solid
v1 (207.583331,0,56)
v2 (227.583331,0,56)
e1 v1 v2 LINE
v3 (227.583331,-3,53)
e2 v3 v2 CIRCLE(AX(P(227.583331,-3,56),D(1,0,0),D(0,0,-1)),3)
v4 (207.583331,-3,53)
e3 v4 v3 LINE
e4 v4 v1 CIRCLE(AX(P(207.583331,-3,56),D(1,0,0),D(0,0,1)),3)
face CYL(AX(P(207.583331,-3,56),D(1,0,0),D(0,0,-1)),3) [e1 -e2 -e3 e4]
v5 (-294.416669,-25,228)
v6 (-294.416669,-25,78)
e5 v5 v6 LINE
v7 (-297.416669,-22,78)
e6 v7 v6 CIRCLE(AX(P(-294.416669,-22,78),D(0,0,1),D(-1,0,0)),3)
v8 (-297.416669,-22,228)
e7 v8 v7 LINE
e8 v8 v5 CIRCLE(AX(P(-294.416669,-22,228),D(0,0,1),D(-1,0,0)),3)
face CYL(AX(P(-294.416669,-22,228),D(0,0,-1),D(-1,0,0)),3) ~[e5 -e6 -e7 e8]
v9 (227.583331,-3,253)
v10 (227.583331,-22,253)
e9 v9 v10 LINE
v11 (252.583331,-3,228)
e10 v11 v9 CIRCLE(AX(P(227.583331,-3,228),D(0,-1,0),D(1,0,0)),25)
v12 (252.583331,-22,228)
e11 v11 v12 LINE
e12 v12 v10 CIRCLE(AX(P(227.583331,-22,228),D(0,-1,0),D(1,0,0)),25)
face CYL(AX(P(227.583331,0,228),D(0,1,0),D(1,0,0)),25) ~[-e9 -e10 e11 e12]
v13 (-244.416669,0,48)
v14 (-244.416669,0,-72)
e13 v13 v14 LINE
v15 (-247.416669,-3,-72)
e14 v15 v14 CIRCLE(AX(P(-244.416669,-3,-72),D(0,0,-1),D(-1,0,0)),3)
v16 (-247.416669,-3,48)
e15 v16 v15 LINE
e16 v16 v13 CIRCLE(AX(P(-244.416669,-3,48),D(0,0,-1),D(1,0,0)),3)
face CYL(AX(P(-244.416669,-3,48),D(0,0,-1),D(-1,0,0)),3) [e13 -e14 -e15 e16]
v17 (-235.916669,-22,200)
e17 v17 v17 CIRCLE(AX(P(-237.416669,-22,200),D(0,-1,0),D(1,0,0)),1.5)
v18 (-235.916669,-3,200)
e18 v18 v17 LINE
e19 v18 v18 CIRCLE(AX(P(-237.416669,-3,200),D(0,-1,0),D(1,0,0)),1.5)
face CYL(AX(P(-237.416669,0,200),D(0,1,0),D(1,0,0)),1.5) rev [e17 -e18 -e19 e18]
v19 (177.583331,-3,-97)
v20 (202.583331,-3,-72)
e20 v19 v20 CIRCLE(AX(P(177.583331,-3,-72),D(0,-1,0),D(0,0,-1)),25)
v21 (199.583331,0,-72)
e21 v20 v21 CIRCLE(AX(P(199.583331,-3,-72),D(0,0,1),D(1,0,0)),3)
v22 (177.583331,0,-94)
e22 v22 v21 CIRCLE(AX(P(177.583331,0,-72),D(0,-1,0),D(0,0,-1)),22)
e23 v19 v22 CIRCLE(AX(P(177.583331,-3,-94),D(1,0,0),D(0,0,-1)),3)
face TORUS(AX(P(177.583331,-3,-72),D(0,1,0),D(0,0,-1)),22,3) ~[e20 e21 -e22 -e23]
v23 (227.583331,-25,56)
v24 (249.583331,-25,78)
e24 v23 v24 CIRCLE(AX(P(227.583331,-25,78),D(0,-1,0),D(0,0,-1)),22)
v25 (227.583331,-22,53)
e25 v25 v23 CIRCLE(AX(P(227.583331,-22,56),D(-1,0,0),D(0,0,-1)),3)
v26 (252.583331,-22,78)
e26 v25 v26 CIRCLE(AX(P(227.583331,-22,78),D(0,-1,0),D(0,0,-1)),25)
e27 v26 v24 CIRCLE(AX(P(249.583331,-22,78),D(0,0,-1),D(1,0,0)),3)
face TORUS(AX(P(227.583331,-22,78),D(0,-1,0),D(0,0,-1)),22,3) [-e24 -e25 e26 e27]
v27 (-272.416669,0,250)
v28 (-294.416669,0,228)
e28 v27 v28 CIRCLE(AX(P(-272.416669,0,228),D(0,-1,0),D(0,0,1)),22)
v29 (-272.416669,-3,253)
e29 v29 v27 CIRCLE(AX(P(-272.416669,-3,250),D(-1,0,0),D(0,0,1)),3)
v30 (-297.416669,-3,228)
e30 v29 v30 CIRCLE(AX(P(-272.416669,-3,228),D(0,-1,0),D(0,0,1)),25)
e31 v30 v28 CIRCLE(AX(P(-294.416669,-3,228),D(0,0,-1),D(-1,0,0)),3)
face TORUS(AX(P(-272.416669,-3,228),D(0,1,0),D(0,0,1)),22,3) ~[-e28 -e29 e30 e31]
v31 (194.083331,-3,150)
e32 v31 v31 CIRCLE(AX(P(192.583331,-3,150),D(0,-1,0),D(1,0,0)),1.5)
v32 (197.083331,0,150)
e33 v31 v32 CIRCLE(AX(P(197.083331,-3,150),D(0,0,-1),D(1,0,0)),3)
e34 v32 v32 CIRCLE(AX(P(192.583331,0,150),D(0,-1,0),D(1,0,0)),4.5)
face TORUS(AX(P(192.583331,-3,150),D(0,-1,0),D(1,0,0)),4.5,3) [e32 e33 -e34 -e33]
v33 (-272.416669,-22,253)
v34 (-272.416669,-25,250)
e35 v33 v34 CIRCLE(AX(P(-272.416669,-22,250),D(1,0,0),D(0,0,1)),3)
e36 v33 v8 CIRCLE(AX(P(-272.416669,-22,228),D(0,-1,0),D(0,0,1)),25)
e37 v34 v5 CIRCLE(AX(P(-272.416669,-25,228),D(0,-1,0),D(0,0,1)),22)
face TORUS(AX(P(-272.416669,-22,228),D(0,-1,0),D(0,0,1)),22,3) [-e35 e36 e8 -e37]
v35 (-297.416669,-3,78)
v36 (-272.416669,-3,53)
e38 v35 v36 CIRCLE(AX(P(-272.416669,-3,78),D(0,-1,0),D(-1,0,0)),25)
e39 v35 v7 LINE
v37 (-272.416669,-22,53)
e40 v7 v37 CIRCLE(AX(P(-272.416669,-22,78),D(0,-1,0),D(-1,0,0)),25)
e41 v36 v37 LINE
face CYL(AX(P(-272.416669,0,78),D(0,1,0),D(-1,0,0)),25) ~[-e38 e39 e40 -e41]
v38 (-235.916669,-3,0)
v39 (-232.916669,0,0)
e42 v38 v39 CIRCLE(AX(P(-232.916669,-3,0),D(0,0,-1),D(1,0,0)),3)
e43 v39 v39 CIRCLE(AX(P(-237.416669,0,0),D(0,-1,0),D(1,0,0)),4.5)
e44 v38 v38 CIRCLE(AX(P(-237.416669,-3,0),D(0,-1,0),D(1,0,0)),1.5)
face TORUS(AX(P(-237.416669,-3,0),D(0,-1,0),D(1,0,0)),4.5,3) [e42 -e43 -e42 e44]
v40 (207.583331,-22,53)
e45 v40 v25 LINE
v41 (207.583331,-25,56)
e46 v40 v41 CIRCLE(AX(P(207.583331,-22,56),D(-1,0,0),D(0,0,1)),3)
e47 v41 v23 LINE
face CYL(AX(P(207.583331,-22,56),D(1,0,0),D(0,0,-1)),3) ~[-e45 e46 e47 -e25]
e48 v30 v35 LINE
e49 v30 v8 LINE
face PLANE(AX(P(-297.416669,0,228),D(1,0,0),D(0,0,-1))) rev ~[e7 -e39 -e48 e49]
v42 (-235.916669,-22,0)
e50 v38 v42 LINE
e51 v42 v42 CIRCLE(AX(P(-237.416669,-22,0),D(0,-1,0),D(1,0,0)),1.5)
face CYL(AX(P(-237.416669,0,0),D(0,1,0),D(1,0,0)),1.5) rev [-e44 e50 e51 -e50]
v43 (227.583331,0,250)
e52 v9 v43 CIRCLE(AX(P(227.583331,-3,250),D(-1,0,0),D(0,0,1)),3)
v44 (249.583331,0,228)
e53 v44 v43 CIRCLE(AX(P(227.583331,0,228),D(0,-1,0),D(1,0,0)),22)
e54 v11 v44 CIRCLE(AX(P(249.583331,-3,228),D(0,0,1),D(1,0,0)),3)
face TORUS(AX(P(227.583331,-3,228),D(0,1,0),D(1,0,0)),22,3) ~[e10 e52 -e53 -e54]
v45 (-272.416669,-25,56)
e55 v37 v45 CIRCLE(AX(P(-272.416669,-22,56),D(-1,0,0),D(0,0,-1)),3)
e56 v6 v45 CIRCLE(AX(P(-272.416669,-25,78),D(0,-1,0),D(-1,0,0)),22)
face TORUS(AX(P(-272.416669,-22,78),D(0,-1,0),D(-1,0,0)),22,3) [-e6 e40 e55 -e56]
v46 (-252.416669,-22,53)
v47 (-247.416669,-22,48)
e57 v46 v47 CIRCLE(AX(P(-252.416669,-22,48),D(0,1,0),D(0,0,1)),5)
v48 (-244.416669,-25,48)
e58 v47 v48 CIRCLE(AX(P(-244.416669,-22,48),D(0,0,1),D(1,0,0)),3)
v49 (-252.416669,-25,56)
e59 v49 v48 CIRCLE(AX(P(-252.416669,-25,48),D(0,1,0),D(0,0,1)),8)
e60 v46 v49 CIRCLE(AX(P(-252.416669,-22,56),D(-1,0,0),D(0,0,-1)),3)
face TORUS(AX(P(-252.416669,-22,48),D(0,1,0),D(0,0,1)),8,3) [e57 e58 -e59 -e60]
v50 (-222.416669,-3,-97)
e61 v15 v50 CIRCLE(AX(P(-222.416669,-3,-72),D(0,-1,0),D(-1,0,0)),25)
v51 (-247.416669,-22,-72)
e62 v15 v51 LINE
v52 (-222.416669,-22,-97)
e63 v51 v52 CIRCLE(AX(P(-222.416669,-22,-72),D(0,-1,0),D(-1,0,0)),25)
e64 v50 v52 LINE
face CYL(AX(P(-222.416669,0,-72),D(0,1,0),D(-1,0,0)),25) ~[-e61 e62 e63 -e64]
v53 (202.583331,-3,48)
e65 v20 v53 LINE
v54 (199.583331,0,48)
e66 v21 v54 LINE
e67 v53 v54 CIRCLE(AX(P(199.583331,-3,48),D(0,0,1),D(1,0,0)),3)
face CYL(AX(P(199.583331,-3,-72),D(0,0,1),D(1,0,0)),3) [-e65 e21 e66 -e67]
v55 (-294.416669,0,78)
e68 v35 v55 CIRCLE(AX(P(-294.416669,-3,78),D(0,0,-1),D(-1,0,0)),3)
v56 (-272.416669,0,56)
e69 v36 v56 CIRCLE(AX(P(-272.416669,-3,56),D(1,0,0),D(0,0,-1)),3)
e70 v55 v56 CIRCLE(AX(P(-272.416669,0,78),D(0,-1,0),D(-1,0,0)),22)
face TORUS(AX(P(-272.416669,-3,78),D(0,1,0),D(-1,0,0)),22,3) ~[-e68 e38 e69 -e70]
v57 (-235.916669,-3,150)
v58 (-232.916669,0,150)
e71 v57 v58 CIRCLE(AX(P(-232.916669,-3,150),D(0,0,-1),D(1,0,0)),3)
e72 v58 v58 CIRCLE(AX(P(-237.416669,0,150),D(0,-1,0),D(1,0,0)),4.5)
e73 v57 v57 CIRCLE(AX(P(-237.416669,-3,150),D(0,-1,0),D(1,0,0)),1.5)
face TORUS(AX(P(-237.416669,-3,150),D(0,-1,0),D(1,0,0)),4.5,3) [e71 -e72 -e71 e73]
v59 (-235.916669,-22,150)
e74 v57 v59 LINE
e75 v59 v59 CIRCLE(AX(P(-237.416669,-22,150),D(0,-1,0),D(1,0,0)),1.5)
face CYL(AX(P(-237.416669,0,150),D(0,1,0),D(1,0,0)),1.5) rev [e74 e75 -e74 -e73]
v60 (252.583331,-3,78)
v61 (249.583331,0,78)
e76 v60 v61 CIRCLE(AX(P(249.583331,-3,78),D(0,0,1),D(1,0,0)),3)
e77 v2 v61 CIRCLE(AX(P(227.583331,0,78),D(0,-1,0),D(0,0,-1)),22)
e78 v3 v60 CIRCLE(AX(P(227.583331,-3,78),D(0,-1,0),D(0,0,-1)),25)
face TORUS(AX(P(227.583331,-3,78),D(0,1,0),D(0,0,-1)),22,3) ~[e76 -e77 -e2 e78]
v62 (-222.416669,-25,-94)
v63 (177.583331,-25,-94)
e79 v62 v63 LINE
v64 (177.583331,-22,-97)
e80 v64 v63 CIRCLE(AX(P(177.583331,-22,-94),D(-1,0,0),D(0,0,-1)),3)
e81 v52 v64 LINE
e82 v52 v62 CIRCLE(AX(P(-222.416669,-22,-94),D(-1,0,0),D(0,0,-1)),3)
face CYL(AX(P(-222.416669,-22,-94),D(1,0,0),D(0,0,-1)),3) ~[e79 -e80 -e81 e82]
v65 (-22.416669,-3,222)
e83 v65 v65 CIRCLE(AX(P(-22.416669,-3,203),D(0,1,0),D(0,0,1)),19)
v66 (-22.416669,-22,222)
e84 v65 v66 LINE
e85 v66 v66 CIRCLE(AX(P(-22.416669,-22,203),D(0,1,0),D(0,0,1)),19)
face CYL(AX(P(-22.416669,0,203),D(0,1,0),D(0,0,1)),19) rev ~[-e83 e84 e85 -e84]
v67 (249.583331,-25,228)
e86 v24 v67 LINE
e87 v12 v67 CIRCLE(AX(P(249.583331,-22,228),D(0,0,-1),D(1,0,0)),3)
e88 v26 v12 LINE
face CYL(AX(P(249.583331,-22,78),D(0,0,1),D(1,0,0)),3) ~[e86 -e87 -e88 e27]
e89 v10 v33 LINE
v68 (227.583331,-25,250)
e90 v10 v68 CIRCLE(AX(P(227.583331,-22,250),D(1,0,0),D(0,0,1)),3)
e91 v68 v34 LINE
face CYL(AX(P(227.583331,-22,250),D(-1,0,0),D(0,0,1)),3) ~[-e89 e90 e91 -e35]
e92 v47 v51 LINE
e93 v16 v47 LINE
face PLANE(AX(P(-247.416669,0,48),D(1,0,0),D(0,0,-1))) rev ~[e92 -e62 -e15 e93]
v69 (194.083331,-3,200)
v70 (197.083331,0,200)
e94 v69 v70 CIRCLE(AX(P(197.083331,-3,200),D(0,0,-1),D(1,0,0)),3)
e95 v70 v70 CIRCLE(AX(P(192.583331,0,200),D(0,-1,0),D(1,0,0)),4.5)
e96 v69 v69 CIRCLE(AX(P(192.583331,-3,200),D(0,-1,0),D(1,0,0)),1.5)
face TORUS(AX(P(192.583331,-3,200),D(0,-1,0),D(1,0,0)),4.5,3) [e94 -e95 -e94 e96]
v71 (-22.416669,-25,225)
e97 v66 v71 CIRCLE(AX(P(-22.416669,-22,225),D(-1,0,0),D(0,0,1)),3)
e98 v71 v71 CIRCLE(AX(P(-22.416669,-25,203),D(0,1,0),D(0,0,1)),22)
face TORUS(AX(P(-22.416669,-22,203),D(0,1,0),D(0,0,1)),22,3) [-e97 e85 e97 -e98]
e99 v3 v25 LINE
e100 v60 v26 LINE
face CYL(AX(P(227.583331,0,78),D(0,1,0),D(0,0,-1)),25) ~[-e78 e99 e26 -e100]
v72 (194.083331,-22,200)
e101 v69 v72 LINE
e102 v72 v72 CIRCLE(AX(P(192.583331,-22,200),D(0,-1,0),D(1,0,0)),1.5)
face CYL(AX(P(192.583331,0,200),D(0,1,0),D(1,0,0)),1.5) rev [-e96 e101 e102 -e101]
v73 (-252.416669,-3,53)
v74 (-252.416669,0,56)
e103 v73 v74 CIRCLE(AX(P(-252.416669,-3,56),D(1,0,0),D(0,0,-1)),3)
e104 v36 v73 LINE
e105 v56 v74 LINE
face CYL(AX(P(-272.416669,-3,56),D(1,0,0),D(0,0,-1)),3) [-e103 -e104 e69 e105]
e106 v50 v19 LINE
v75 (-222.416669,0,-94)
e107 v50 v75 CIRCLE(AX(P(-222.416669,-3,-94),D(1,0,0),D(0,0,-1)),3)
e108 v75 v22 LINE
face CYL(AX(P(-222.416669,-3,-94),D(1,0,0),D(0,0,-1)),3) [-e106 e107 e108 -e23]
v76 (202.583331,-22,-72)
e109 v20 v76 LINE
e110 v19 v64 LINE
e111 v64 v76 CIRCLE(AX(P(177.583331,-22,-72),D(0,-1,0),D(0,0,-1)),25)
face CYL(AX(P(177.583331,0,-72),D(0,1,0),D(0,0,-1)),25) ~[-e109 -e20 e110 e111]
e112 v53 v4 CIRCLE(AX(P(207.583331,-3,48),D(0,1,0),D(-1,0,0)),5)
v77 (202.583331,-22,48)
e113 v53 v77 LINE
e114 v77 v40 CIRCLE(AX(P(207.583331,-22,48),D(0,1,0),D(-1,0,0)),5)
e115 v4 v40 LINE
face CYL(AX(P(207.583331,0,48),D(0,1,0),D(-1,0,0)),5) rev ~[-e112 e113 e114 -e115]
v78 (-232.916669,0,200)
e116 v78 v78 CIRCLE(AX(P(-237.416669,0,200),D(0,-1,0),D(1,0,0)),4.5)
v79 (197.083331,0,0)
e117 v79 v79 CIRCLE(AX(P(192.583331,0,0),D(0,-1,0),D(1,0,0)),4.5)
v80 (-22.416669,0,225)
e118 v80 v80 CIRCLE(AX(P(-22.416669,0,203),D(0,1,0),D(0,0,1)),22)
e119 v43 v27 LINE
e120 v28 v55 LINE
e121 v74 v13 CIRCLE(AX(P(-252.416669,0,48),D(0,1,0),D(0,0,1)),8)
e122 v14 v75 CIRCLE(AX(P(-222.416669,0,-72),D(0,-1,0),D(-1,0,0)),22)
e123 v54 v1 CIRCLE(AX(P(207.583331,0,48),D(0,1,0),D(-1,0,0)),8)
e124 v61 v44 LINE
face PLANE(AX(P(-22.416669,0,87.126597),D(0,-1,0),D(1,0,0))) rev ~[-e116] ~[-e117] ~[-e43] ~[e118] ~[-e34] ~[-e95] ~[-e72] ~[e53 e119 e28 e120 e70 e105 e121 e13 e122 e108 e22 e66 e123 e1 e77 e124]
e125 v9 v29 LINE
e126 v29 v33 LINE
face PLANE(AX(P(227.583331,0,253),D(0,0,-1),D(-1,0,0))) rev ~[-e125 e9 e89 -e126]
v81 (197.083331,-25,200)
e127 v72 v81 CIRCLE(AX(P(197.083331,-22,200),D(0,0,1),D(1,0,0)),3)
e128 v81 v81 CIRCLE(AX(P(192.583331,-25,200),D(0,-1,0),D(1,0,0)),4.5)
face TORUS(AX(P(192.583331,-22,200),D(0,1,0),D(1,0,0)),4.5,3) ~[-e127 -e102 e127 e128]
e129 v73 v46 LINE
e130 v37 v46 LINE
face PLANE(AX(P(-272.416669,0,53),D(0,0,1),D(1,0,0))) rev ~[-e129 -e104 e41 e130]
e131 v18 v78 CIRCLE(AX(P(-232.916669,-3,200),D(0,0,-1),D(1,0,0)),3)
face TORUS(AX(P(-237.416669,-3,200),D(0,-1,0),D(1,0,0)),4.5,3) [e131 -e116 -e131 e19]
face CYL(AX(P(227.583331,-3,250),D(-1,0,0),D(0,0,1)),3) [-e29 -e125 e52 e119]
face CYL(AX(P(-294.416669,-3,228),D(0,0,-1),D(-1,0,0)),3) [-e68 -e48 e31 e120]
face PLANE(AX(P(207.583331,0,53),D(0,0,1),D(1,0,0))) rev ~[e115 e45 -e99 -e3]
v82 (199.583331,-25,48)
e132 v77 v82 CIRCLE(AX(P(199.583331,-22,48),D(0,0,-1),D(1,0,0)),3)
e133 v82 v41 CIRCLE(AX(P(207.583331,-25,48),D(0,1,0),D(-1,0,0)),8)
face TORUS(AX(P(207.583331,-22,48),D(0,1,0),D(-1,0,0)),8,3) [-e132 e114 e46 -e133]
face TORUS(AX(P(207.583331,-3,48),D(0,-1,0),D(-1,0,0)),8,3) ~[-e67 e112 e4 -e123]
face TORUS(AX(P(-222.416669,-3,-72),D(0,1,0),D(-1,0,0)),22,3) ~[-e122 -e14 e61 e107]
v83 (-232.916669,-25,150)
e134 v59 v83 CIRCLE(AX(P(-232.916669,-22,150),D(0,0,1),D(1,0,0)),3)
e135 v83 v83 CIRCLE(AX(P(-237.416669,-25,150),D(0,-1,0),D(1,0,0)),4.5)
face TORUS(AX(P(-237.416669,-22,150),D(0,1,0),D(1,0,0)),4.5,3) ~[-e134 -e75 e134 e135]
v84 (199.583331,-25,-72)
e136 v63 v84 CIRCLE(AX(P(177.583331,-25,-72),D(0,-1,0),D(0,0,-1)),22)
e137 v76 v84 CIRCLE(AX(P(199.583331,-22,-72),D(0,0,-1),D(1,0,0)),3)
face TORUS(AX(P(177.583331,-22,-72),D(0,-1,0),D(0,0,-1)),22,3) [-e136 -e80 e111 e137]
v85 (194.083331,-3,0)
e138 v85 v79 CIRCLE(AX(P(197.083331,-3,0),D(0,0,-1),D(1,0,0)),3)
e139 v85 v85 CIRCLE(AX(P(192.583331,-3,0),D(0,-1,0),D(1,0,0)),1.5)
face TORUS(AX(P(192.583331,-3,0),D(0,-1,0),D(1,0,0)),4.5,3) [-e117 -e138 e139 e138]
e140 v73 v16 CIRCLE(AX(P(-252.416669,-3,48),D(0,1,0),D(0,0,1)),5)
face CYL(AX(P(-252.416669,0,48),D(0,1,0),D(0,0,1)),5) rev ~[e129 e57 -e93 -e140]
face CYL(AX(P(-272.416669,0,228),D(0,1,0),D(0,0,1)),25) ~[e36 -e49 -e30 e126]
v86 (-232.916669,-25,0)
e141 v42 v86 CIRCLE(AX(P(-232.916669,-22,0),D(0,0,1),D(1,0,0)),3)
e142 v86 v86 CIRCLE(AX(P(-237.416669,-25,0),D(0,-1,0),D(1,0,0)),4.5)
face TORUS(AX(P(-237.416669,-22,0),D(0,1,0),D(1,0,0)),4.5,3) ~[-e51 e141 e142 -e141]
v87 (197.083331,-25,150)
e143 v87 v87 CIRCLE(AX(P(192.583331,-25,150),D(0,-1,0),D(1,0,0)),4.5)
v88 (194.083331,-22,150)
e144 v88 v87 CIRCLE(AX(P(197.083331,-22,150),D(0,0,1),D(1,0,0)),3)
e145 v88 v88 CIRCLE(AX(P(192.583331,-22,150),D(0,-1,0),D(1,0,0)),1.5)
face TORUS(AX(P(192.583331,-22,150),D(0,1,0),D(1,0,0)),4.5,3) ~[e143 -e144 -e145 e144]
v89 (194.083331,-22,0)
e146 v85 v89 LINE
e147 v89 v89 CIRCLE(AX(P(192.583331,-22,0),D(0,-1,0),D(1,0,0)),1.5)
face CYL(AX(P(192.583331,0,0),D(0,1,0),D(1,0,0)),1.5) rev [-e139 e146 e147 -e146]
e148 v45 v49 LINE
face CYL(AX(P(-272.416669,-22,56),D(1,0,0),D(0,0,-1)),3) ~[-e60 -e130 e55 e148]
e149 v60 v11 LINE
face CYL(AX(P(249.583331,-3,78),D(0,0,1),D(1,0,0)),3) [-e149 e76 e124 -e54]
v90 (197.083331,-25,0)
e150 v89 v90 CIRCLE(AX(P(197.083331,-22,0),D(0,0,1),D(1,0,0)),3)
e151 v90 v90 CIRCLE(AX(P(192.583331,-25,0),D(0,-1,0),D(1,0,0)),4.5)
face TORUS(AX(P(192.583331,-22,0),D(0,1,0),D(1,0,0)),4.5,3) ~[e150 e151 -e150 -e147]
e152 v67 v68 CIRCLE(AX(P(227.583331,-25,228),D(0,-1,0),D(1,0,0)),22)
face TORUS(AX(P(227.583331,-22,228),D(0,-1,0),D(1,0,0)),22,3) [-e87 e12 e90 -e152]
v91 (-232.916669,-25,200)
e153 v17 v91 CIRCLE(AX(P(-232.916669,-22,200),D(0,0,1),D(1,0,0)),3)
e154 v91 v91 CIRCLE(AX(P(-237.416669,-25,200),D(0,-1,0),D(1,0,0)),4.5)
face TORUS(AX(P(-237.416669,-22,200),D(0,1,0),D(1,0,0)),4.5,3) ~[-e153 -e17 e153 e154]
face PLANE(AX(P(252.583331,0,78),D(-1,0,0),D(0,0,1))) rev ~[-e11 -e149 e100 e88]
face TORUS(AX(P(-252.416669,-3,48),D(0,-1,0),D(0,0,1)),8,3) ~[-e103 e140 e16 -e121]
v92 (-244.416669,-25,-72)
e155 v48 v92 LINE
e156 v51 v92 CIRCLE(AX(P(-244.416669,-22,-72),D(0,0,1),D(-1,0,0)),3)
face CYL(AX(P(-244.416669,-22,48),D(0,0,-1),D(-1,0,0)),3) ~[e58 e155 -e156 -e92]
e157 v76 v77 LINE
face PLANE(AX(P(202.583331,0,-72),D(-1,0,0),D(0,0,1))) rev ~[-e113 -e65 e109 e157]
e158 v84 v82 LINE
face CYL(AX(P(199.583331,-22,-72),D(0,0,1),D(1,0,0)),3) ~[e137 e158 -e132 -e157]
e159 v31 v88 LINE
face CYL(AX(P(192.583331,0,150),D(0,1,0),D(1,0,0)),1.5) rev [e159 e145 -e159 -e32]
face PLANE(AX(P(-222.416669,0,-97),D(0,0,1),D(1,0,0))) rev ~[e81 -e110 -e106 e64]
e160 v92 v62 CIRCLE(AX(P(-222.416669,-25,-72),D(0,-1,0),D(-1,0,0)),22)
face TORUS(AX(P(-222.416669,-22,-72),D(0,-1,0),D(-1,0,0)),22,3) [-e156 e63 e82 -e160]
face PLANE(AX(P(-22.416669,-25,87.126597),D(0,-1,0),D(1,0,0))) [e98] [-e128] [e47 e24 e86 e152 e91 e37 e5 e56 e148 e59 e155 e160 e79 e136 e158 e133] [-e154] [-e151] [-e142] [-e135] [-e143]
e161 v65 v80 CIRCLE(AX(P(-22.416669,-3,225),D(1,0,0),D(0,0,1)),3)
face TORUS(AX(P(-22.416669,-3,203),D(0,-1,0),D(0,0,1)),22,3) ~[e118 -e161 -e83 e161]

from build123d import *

# Parameters (mm, degrees)
F0_R     = 1.5
F1_DEPTH = 25
F2_R     = 3


with BuildPart() as f1:
    # F0 (on Front) → F1 (new body)
    with BuildSketch(Plane.XZ):
        with BuildLine():
            Line((-22.4166688968, 253), (-272.4166688968, 253))
            ThreePointArc((-272.4166688968, 253), (-290.0943384264, 245.6776695297), (-297.4166688968, 228))
            Line((-297.4166688968, 228), (-297.4166688968, 78))
            ThreePointArc((-297.4166688968, 78), (-290.0943384264, 60.3223304703), (-272.4166688968, 53))
            Line((-272.4166688968, 53), (-252.4166688968, 53))
            ThreePointArc((-252.4166688968, 53), (-248.8811349908, 51.5355339059), (-247.4166688968, 48))
            Line((-247.4166688968, 48), (-247.4166688968, 42.7206105292))
            Line((-247.4166688968, 42.7206105292), (-247.4166688968, -72))
            ThreePointArc((-247.4166688968, -72), (-240.0943384264, -89.6776695297), (-222.4166688968, -97))
            Line((-222.4166688968, -97), (-22.4166688968, -97))
            Line((-22.4166688968, -97), (177.5833311032, -97))
            ThreePointArc((177.5833311032, -97), (195.2610006329, -89.6776695297), (202.5833311032, -72))
            Line((202.5833311032, -72), (202.5833311032, 48))
            ThreePointArc((202.5833311032, 48), (204.0477971973, 51.5355339059), (207.5833311032, 53))
            Line((207.5833311032, 53), (227.5833311032, 53))
            ThreePointArc((227.5833311032, 53), (245.2610006329, 60.3223304703), (252.5833311032, 78))
            Line((252.5833311032, 78), (252.5833311032, 228))
            ThreePointArc((252.5833311032, 228), (245.2610006329, 245.6776695297), (227.5833311032, 253))
            Line((227.5833311032, 253), (-22.4166688968, 253))
        make_face()
        with Locations((-237.4166688968, 0)):
            Circle(F0_R, mode=Mode.SUBTRACT)
        with Locations((192.5833311032, 0)):
            Circle(F0_R, mode=Mode.SUBTRACT)
        with Locations((-237.4166688968, 150)):
            Circle(F0_R, mode=Mode.SUBTRACT)
        with Locations((-237.4166688968, 200)):
            Circle(F0_R, mode=Mode.SUBTRACT)
        with Locations((192.5833311032, 150)):
            Circle(F0_R, mode=Mode.SUBTRACT)
        with BuildLine():
            ThreePointArc((-3.4166688968, 203), (-35.8516977393, 189.5649711575), (-22.4166688968, 222))
            ThreePointArc((-22.4166688968, 222), (-8.9816400542, 216.4350288425), (-3.4166688968, 203))
        make_face(mode=Mode.SUBTRACT)
        with Locations((192.5833311032, 200)):
            Circle(F0_R, mode=Mode.SUBTRACT)
    extrude(amount=F1_DEPTH)

    # F2
    f2_edges = [f1.edges().sort_by_distance(p)[0] for p in [
        (252.583331, -25, 153),
        (245.261001, -25, 245.67767),
        (-22.416669, -25, 253),
        (-290.094338, -25, 245.67767),
        (-297.416669, -25, 153),
        (-290.094338, -25, 60.32233),
        (-262.416669, -25, 53),
        (-248.881135, -25, 51.535534),
        (-247.416669, -25, -12),
        (-240.094338, -25, -89.67767),
        (-22.416669, -25, -97),
        (195.261001, -25, -89.67767),
        (202.583331, -25, -12),
        (204.047797, -25, 51.535534),
        (217.583331, -25, 53),
        (245.261001, -25, 60.32233),
        (-238.916669, -25, 0),
        (191.083331, -25, 0),
        (-238.916669, -25, 150),
        (-238.916669, -25, 200),
        (191.083331, -25, 150),
        (-22.416669, -25, 184),
        (191.083331, -25, 200),
        (252.583331, 0, 153),
        (245.261001, 0, 245.67767),
        (-22.416669, 0, 253),
        (-290.094338, 0, 245.67767),
        (-297.416669, 0, 153),
        (-290.094338, 0, 60.32233),
        (-262.416669, 0, 53),
        (-248.881135, 0, 51.535534),
        (-247.416669, 0, -12),
        (-240.094338, 0, -89.67767),
        (-22.416669, 0, -97),
        (195.261001, 0, -89.67767),
        (202.583331, 0, -12),
        (204.047797, 0, 51.535534),
        (217.583331, 0, 53),
        (245.261001, 0, 60.32233),
        (-238.916669, 0, 0),
        (191.083331, 0, 0),
        (-238.916669, 0, 150),
        (-238.916669, 0, 200),
        (191.083331, 0, 150),
        (-22.416669, 0, 184),
        (191.083331, 0, 200),
    ]]
    fillet(f2_edges, radius=F2_R)


solid = f1.part
